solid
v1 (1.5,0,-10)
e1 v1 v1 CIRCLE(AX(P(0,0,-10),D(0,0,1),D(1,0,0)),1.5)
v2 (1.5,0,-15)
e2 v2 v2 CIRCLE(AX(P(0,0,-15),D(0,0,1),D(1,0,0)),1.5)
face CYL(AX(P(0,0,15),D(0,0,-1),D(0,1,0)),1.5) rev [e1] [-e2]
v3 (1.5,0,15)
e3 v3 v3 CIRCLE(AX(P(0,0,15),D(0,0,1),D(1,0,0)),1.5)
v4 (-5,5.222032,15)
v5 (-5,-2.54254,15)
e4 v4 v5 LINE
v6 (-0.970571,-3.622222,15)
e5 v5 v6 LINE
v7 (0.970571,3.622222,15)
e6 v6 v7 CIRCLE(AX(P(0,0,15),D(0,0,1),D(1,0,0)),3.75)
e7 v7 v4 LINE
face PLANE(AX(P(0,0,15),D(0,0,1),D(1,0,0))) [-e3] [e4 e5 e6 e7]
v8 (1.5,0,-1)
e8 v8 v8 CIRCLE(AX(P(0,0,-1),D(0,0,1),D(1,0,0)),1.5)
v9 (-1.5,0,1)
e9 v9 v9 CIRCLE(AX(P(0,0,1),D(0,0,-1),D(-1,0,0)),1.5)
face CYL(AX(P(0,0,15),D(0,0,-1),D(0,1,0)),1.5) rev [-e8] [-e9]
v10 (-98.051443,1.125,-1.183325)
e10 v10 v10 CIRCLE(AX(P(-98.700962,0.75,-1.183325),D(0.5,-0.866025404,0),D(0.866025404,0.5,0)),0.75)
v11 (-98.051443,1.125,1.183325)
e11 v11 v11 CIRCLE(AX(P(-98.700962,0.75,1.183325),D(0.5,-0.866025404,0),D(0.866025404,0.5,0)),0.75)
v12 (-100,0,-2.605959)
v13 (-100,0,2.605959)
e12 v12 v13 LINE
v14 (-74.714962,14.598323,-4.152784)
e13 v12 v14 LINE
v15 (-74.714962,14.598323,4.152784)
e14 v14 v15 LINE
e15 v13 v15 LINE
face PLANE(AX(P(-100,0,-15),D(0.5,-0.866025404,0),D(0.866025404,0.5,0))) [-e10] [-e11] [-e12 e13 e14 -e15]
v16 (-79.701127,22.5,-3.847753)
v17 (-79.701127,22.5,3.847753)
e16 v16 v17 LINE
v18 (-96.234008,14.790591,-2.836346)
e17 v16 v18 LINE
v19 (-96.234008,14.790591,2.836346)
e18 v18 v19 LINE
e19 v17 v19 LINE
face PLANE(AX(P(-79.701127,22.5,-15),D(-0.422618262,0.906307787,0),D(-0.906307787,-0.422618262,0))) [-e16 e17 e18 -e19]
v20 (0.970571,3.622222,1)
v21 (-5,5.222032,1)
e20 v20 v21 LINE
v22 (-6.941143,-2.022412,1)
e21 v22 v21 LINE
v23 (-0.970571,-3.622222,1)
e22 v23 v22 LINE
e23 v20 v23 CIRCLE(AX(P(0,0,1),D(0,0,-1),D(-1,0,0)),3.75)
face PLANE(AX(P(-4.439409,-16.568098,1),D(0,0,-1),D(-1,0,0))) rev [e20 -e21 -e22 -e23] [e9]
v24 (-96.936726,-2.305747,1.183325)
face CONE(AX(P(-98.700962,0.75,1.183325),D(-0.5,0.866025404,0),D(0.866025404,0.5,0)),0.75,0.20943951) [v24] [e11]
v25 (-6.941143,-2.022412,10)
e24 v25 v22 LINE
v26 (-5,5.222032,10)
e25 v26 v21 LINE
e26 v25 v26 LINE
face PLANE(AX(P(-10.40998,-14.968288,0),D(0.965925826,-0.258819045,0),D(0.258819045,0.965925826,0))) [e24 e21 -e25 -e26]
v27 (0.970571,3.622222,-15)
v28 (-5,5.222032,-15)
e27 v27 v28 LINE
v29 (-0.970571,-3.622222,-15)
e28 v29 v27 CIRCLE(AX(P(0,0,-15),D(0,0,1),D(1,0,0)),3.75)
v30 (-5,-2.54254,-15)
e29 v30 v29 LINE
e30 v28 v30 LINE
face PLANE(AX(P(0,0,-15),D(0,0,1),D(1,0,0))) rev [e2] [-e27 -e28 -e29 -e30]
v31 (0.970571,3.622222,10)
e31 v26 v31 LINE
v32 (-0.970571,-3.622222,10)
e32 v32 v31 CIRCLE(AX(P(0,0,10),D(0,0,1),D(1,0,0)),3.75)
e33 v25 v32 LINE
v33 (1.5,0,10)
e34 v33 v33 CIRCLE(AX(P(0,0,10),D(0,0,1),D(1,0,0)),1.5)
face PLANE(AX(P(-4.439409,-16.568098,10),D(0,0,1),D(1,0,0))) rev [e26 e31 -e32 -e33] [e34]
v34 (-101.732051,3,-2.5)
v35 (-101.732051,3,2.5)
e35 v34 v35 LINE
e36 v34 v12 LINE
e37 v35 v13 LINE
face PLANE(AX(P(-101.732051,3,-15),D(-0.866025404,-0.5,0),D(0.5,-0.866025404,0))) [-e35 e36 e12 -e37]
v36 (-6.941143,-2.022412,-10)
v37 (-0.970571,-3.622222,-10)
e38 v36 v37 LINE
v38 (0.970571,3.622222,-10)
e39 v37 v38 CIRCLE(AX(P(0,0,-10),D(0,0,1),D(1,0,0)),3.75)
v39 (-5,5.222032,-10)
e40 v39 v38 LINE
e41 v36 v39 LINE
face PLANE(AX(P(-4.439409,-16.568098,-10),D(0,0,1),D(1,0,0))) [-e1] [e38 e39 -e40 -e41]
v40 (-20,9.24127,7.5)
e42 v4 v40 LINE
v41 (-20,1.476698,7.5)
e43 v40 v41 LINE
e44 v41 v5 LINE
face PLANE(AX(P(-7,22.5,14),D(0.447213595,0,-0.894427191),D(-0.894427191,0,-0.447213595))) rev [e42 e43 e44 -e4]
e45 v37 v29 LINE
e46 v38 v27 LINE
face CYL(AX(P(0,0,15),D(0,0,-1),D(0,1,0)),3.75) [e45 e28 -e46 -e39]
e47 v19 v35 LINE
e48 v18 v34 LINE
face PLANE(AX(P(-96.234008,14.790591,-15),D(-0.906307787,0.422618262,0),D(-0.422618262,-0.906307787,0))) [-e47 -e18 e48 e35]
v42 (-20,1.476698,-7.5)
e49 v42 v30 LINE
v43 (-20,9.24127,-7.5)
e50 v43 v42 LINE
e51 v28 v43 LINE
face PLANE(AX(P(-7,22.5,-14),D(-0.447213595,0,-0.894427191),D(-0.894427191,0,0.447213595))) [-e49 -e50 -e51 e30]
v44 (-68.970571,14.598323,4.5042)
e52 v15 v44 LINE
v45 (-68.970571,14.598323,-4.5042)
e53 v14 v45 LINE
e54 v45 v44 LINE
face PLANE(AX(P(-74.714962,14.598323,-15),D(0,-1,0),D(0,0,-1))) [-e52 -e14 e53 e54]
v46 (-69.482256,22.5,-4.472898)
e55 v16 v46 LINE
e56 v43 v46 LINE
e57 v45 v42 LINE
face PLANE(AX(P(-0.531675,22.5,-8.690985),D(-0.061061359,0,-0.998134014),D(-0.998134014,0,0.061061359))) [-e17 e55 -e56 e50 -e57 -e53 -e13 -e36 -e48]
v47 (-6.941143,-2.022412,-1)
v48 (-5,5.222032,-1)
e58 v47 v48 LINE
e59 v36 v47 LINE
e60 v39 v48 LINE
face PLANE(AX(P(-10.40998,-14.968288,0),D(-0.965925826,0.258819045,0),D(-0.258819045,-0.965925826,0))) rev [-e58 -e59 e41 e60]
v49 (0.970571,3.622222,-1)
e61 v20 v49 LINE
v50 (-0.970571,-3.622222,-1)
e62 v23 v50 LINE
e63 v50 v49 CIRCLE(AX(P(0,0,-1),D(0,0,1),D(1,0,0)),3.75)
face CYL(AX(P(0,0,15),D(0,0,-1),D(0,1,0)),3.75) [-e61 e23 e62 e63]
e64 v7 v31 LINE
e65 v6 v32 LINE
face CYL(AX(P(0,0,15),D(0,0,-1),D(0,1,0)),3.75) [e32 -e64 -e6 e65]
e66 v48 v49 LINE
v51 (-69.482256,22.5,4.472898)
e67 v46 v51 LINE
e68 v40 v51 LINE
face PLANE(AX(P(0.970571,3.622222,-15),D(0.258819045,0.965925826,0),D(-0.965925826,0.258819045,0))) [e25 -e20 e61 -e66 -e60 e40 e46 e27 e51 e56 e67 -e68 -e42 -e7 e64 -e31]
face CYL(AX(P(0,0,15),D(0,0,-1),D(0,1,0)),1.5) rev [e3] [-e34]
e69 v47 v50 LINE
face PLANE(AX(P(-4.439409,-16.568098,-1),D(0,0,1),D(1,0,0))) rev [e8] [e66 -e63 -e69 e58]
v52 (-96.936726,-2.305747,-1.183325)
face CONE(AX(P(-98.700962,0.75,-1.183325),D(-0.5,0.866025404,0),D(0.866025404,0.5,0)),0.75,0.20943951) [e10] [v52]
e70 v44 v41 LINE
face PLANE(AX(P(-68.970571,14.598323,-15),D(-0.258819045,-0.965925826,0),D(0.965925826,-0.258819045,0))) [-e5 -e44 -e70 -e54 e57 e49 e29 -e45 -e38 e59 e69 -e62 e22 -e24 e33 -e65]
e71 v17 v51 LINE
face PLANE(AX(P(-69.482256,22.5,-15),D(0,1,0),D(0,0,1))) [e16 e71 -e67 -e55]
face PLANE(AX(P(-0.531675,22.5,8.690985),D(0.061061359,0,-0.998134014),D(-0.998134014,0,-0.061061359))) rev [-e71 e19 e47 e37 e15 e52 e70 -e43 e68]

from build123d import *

# Parameters (mm, degrees)
BOSS_EXTRUDE2_DEPTH      = 15
BOSS_EXTRUDE2_DEPTH_BACK = 15
SKETCH3_R                = 1.5
CUT_EXTRUDE2_DEPTH       = 106.264714703
CUT_EXTRUDE2_DEPTH_BACK  = 106.264714703
SKETCH12_OUTSIDE_W       = 130.034
SKETCH12_OUTSIDE_H       = 54.552
BOSS_EXTRUDE3_DEPTH      = 15
BOSS_EXTRUDE3_DEPTH_BACK = 15
SKETCH13_R               = 1.5
CUT_EXTRUDE8_REACH       = 107.495
SKETCH16_W               = 6.181190374
SKETCH16_H               = 9
SKETCH16_W_2             = 3.75


with BuildPart() as part:
    # Sketch3 → Boss-Extrude2 (new, two sides: drawn at the far end of the back side and taken through both)
    with BuildSketch(Plane.XY.offset(-BOSS_EXTRUDE2_DEPTH_BACK)):
        with BuildLine():
            Line((0.970571419, 3.622221849), (-69.482255776, 22.5))
            Line((-69.482255776, 22.5), (-79.701126542, 22.5))
            Line((-79.701126542, 22.5), (-96.234008051, 14.790590741))
            Line((-96.234008051, 14.790590741), (-101.732050808, 3))
            Line((-101.732050808, 3), (-100, 0))
            Line((-100, 0), (-74.714962449, 14.598323237))
            Line((-74.714962449, 14.598323237), (-68.970571419, 14.598323237))
            Line((-68.970571419, 14.598323237), (-0.970571419, -3.622221849))
            ThreePointArc((-0.970571419, -3.622221849), (3.622221849, -0.970571419), (0.970571419, 3.622221849))
        make_face()
        Circle(SKETCH3_R, mode=Mode.SUBTRACT)
    extrude(amount=BOSS_EXTRUDE2_DEPTH + BOSS_EXTRUDE2_DEPTH_BACK)

    # Sketch12 outside → Cut-Extrude2 (cut, two sides: drawn at the far end of the back side and taken through both)
    with BuildSketch(Plane(origin=(0, 0, 0), x_dir=(1, 0, 0), z_dir=(0, 1, 0)).offset(-CUT_EXTRUDE2_DEPTH_BACK)):
        with Locations((-48.991, 0)):
            Rectangle(SKETCH12_OUTSIDE_W, SKETCH12_OUTSIDE_H)
        Polygon((-101.732050808, 2.5), (-101.732050808, -2.5), (-20, -7.5), (-5, -15), (-5, 15), (-20, 7.5), align=None, mode=Mode.SUBTRACT)
    extrude(amount=CUT_EXTRUDE2_DEPTH + CUT_EXTRUDE2_DEPTH_BACK, mode=Mode.SUBTRACT)

    # Sketch13 → Boss-Extrude3 (add, two sides: drawn at the far end of the back side and taken through both)
    with BuildSketch(Plane.XY.offset(-BOSS_EXTRUDE3_DEPTH_BACK)):
        with BuildLine():
            Line((-5, 5.222031639), (-5, -2.542539714))
            Line((-5, -2.542539714), (-0.970571419, -3.622221849))
            ThreePointArc((-0.970571419, -3.622221849), (3.622221849, -0.970571419), (0.970571419, 3.622221849))
            Line((0.970571419, 3.622221849), (-5, 5.222031639))
        make_face()
        Circle(SKETCH13_R, mode=Mode.SUBTRACT)
    extrude(amount=BOSS_EXTRUDE3_DEPTH + BOSS_EXTRUDE3_DEPTH_BACK)

    # Cut-Extrude8: up to this face of the body (flat: up to its plane)
    cut_extrude8_end = Plane(part.part.faces().sort_by_distance((-27.959079365, 3.60932706, 0))[0])
    # Sketch16 → Cut-Extrude8 (cut, up to the picked face)
    with BuildSketch(Plane(origin=(0.970571419, 3.622221849, 0), x_dir=(0.9659258262890683, -0.2588190451025211, 0), z_dir=(0.2588190451025211, 0.9659258262890683, 0)), mode=Mode.PRIVATE) as cut_extrude8_sk1:
        with Locations((-3.090595187, 5.5)):
            Rectangle(SKETCH16_W, SKETCH16_H)
    cut_extrude8_tool1 = split(extrude(cut_extrude8_sk1.sketch, amount=-CUT_EXTRUDE8_REACH, mode=Mode.PRIVATE), bisect_by=cut_extrude8_end, keep=Keep.BOTH, mode=Mode.PRIVATE)
    # Sketch16 → Cut-Extrude8 (cut, up to the picked face)
    with BuildSketch(Plane(origin=(0.970571419, 3.622221849, 0), x_dir=(0.9659258262890683, -0.2588190451025211, 0), z_dir=(0.2588190451025211, 0.9659258262890683, 0)), mode=Mode.PRIVATE) as cut_extrude8_sk2:
        with Locations((-3.090595187, -5.5)):
            Rectangle(SKETCH16_W, SKETCH16_H)
    cut_extrude8_tool2 = split(extrude(cut_extrude8_sk2.sketch, amount=-CUT_EXTRUDE8_REACH, mode=Mode.PRIVATE), bisect_by=cut_extrude8_end, keep=Keep.BOTH, mode=Mode.PRIVATE)
    # Sketch16 → Cut-Extrude8 (cut, up to the picked face)
    with BuildSketch(Plane(origin=(0.970571419, 3.622221849, 0), x_dir=(0.9659258262890683, -0.2588190451025211, 0), z_dir=(0.2588190451025211, 0.9659258262890683, 0)), mode=Mode.PRIVATE) as cut_extrude8_sk3:
        with Locations((1.875, -5.5)):
            Rectangle(SKETCH16_W_2, SKETCH16_H)
    cut_extrude8_tool3 = split(extrude(cut_extrude8_sk3.sketch, amount=-CUT_EXTRUDE8_REACH, mode=Mode.PRIVATE), bisect_by=cut_extrude8_end, keep=Keep.BOTH, mode=Mode.PRIVATE)
    # Sketch16 → Cut-Extrude8 (cut, up to the picked face)
    with BuildSketch(Plane(origin=(0.970571419, 3.622221849, 0), x_dir=(0.9659258262890683, -0.2588190451025211, 0), z_dir=(0.2588190451025211, 0.9659258262890683, 0)), mode=Mode.PRIVATE) as cut_extrude8_sk4:
        with Locations((1.875, 5.5)):
            Rectangle(SKETCH16_W_2, SKETCH16_H)
    cut_extrude8_tool4 = split(extrude(cut_extrude8_sk4.sketch, amount=-CUT_EXTRUDE8_REACH, mode=Mode.PRIVATE), bisect_by=cut_extrude8_end, keep=Keep.BOTH, mode=Mode.PRIVATE)
    add(cut_extrude8_tool1.solids().sort_by(Axis((-2.014714, 4.422127, -5.5), (-0.2588190451025211, -0.9659258262890683, 0)))[0], mode=Mode.SUBTRACT)
    add(cut_extrude8_tool2.solids().sort_by(Axis((-2.014714, 4.422127, 5.5), (-0.2588190451025211, -0.9659258262890683, 0)))[0], mode=Mode.SUBTRACT)
    add(cut_extrude8_tool3.solids().sort_by(Axis((2.781682, 3.136936, 5.5), (-0.2588190451025211, -0.9659258262890683, 0)))[0], mode=Mode.SUBTRACT)
    add(cut_extrude8_tool4.solids().sort_by(Axis((2.781682, 3.136936, -5.5), (-0.2588190451025211, -0.9659258262890683, 0)))[0], mode=Mode.SUBTRACT)

    # Boss-Extrude4 cone 1 section (through the dimple's axis) → Boss-Extrude4 (revolve)
    with BuildSketch(Plane(origin=(-98.700961894, 0.75, 1.183324765), x_dir=(0, 0, 1), z_dir=(0.866025404, 0.5, 0))):
        Polygon((0, 0), (0.75, 0), (0, 3.528472582), align=None)
    revolve(axis=Axis((-98.700961894, 0.75, 1.183324765), (0.5, -0.866025404, 0)))

    # Boss-Extrude4 cone 2 section (through the dimple's axis) → Boss-Extrude4 cone 2 (revolve)
    with BuildSketch(Plane(origin=(-98.700961894, 0.75, -1.183324765), x_dir=(0, 0, 1), z_dir=(0.866025404, 0.5, 0))):
        Polygon((0, 0), (0.75, 0), (0, 3.528472582), align=None)
    revolve(axis=Axis((-98.700961894, 0.75, -1.183324765), (0.5, -0.866025404, 0)))


solid = part.part
